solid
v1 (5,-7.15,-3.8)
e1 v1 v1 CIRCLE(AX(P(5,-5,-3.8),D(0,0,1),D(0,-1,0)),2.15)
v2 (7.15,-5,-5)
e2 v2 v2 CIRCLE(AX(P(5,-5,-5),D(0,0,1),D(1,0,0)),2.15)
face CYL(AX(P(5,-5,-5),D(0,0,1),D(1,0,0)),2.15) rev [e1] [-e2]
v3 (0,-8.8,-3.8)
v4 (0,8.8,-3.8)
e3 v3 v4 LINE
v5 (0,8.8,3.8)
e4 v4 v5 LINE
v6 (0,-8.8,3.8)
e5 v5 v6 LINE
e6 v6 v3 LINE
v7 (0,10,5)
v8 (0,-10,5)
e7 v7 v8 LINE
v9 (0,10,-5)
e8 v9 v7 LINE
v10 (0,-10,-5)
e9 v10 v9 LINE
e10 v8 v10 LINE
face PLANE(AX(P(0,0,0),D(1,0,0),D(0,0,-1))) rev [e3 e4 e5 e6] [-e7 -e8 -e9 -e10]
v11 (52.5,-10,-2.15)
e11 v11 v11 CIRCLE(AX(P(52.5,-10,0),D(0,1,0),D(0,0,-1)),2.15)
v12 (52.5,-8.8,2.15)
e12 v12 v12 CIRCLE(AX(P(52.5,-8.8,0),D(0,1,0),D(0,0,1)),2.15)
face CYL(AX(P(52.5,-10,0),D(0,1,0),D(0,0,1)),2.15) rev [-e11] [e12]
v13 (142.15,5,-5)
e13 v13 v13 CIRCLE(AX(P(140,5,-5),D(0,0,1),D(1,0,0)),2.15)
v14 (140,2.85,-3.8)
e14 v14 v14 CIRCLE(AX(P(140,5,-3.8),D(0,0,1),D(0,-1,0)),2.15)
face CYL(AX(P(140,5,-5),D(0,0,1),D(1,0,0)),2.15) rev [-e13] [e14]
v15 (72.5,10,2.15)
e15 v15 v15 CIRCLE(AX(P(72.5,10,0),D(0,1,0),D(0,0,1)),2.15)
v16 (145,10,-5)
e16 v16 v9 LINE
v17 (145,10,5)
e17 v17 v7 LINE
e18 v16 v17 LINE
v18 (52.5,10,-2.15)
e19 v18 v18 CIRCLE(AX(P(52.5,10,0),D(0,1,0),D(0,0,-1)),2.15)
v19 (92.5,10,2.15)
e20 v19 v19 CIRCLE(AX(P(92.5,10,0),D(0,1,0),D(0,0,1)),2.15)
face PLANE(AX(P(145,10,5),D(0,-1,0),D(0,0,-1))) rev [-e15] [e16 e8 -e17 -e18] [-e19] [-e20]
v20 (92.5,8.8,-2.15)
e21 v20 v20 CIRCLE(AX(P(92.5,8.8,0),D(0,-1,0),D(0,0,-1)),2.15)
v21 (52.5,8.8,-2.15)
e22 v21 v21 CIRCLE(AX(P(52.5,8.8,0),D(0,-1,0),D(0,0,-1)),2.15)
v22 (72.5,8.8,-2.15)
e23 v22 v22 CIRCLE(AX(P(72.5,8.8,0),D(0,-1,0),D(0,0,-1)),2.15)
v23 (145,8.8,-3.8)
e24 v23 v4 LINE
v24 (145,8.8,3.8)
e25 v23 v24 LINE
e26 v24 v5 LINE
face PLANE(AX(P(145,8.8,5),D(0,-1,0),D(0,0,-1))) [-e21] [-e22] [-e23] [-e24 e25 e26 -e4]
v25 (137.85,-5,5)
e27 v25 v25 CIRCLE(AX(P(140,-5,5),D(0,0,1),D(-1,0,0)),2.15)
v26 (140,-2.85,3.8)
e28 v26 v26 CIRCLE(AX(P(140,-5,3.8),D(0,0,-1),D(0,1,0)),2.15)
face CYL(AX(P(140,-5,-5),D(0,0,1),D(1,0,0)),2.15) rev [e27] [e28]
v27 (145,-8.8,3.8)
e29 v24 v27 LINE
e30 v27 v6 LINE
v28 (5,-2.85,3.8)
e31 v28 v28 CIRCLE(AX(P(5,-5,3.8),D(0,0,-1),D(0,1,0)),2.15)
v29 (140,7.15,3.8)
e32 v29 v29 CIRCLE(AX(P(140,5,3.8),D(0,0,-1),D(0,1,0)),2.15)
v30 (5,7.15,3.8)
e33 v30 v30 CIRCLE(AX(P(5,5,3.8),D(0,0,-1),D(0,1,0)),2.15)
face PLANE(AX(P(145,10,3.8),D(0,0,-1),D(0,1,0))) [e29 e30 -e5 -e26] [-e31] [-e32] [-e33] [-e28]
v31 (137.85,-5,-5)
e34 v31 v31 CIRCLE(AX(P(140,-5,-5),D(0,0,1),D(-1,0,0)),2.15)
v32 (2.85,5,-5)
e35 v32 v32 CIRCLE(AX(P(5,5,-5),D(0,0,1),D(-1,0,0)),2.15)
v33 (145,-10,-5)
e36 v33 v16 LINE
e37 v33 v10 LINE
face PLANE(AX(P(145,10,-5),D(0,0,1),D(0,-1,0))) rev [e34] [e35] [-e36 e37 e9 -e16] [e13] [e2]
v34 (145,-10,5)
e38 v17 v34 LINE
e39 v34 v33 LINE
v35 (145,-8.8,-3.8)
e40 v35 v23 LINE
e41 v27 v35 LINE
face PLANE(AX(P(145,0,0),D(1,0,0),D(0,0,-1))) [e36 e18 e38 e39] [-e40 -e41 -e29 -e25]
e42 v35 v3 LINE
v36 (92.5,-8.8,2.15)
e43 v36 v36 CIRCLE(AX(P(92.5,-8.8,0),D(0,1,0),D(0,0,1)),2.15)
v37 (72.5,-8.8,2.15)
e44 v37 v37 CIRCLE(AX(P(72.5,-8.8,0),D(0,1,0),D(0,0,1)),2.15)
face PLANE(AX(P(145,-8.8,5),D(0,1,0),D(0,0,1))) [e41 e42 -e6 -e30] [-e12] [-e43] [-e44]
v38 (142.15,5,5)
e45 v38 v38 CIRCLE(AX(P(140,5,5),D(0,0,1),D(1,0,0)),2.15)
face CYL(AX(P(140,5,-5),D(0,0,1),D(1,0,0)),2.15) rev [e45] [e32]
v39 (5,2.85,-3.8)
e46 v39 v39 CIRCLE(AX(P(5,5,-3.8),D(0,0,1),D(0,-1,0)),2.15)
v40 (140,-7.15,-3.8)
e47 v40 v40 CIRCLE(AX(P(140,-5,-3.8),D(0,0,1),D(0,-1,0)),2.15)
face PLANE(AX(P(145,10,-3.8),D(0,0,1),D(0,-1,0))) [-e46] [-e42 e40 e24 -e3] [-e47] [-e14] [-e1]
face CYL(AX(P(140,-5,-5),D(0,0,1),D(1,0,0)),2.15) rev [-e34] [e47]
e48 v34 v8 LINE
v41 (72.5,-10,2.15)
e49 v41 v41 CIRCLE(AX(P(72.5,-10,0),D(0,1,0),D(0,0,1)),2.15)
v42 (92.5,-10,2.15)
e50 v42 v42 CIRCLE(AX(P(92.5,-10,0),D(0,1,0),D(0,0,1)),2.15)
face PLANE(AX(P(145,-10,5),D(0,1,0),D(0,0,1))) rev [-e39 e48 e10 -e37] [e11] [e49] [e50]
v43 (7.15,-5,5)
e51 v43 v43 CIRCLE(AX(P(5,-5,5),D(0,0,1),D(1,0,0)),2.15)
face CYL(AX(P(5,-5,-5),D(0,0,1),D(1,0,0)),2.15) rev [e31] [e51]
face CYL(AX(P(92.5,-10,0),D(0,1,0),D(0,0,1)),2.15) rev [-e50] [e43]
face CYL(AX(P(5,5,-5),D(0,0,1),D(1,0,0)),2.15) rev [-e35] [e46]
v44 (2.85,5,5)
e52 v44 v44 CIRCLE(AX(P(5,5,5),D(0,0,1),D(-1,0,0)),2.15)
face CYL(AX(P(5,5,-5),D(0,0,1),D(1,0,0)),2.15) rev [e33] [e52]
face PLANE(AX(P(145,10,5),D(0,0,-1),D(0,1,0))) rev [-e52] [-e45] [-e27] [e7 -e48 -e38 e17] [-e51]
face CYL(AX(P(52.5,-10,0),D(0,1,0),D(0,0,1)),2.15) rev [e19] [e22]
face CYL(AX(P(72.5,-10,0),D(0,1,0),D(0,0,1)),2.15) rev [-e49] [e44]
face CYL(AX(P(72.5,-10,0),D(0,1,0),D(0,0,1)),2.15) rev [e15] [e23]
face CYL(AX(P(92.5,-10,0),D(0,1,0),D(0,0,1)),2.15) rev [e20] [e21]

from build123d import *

# Parameters (mm, degrees)
SKETCH_1_W          = 10
SKETCH_1_H          = 20
SKETCH_1_W_2        = 7.6
SKETCH_1_H_2        = 17.6
EXTRUDE_1_DEPTH     = 145
SKETCH_3_R          = 2.15
CUT_EXTRUDE_1_DEPTH = 147.458185159
SKETCH_4_R          = 2.15
CUT_EXTRUDE_2_DEPTH = 146.688022843


with BuildPart() as part:
    # ｽｹｯﾁ1 → 押し出し-薄板1 (new body)
    with BuildSketch(Plane(origin=(0, 0, 0), x_dir=(0, 0, -1), z_dir=(1, 0, 0))):
        Rectangle(SKETCH_1_W, SKETCH_1_H)
        Rectangle(SKETCH_1_W_2, SKETCH_1_H_2, mode=Mode.SUBTRACT)
    extrude(amount=EXTRUDE_1_DEPTH)

    # ｽｹｯﾁ3 → ｶｯﾄ - 押し出し1 (cut, through all)
    with BuildSketch(Plane(origin=(0, 10, 0), x_dir=(1, 0, 0), z_dir=(0, 1, 0))):
        with Locations(Location((92.5, 0, 0), (0, 0, 270))):
            Circle(SKETCH_3_R)
        with Locations(Location((52.5, 0, 0), (0, 0, 270))):
            Circle(SKETCH_3_R)
        with Locations(Location((72.5, 0, 0), (0, 0, 270))):
            Circle(SKETCH_3_R)
    extrude(amount=-CUT_EXTRUDE_1_DEPTH, mode=Mode.SUBTRACT)

    # ｽｹｯﾁ4 → ｶｯﾄ - 押し出し2 (cut, through all)
    with BuildSketch(Plane.XY.offset(5)):
        with Locations((140, 5)):
            Circle(SKETCH_4_R)
        with Locations(Location((140, -5, 0), (0, 0, 90))):
            Circle(SKETCH_4_R)
        with Locations(Location((5, 5, 0), (0, 0, 90))):
            Circle(SKETCH_4_R)
        with Locations((5, -5)):
            Circle(SKETCH_4_R)
    extrude(amount=-CUT_EXTRUDE_2_DEPTH, mode=Mode.SUBTRACT)


solid = part.part
